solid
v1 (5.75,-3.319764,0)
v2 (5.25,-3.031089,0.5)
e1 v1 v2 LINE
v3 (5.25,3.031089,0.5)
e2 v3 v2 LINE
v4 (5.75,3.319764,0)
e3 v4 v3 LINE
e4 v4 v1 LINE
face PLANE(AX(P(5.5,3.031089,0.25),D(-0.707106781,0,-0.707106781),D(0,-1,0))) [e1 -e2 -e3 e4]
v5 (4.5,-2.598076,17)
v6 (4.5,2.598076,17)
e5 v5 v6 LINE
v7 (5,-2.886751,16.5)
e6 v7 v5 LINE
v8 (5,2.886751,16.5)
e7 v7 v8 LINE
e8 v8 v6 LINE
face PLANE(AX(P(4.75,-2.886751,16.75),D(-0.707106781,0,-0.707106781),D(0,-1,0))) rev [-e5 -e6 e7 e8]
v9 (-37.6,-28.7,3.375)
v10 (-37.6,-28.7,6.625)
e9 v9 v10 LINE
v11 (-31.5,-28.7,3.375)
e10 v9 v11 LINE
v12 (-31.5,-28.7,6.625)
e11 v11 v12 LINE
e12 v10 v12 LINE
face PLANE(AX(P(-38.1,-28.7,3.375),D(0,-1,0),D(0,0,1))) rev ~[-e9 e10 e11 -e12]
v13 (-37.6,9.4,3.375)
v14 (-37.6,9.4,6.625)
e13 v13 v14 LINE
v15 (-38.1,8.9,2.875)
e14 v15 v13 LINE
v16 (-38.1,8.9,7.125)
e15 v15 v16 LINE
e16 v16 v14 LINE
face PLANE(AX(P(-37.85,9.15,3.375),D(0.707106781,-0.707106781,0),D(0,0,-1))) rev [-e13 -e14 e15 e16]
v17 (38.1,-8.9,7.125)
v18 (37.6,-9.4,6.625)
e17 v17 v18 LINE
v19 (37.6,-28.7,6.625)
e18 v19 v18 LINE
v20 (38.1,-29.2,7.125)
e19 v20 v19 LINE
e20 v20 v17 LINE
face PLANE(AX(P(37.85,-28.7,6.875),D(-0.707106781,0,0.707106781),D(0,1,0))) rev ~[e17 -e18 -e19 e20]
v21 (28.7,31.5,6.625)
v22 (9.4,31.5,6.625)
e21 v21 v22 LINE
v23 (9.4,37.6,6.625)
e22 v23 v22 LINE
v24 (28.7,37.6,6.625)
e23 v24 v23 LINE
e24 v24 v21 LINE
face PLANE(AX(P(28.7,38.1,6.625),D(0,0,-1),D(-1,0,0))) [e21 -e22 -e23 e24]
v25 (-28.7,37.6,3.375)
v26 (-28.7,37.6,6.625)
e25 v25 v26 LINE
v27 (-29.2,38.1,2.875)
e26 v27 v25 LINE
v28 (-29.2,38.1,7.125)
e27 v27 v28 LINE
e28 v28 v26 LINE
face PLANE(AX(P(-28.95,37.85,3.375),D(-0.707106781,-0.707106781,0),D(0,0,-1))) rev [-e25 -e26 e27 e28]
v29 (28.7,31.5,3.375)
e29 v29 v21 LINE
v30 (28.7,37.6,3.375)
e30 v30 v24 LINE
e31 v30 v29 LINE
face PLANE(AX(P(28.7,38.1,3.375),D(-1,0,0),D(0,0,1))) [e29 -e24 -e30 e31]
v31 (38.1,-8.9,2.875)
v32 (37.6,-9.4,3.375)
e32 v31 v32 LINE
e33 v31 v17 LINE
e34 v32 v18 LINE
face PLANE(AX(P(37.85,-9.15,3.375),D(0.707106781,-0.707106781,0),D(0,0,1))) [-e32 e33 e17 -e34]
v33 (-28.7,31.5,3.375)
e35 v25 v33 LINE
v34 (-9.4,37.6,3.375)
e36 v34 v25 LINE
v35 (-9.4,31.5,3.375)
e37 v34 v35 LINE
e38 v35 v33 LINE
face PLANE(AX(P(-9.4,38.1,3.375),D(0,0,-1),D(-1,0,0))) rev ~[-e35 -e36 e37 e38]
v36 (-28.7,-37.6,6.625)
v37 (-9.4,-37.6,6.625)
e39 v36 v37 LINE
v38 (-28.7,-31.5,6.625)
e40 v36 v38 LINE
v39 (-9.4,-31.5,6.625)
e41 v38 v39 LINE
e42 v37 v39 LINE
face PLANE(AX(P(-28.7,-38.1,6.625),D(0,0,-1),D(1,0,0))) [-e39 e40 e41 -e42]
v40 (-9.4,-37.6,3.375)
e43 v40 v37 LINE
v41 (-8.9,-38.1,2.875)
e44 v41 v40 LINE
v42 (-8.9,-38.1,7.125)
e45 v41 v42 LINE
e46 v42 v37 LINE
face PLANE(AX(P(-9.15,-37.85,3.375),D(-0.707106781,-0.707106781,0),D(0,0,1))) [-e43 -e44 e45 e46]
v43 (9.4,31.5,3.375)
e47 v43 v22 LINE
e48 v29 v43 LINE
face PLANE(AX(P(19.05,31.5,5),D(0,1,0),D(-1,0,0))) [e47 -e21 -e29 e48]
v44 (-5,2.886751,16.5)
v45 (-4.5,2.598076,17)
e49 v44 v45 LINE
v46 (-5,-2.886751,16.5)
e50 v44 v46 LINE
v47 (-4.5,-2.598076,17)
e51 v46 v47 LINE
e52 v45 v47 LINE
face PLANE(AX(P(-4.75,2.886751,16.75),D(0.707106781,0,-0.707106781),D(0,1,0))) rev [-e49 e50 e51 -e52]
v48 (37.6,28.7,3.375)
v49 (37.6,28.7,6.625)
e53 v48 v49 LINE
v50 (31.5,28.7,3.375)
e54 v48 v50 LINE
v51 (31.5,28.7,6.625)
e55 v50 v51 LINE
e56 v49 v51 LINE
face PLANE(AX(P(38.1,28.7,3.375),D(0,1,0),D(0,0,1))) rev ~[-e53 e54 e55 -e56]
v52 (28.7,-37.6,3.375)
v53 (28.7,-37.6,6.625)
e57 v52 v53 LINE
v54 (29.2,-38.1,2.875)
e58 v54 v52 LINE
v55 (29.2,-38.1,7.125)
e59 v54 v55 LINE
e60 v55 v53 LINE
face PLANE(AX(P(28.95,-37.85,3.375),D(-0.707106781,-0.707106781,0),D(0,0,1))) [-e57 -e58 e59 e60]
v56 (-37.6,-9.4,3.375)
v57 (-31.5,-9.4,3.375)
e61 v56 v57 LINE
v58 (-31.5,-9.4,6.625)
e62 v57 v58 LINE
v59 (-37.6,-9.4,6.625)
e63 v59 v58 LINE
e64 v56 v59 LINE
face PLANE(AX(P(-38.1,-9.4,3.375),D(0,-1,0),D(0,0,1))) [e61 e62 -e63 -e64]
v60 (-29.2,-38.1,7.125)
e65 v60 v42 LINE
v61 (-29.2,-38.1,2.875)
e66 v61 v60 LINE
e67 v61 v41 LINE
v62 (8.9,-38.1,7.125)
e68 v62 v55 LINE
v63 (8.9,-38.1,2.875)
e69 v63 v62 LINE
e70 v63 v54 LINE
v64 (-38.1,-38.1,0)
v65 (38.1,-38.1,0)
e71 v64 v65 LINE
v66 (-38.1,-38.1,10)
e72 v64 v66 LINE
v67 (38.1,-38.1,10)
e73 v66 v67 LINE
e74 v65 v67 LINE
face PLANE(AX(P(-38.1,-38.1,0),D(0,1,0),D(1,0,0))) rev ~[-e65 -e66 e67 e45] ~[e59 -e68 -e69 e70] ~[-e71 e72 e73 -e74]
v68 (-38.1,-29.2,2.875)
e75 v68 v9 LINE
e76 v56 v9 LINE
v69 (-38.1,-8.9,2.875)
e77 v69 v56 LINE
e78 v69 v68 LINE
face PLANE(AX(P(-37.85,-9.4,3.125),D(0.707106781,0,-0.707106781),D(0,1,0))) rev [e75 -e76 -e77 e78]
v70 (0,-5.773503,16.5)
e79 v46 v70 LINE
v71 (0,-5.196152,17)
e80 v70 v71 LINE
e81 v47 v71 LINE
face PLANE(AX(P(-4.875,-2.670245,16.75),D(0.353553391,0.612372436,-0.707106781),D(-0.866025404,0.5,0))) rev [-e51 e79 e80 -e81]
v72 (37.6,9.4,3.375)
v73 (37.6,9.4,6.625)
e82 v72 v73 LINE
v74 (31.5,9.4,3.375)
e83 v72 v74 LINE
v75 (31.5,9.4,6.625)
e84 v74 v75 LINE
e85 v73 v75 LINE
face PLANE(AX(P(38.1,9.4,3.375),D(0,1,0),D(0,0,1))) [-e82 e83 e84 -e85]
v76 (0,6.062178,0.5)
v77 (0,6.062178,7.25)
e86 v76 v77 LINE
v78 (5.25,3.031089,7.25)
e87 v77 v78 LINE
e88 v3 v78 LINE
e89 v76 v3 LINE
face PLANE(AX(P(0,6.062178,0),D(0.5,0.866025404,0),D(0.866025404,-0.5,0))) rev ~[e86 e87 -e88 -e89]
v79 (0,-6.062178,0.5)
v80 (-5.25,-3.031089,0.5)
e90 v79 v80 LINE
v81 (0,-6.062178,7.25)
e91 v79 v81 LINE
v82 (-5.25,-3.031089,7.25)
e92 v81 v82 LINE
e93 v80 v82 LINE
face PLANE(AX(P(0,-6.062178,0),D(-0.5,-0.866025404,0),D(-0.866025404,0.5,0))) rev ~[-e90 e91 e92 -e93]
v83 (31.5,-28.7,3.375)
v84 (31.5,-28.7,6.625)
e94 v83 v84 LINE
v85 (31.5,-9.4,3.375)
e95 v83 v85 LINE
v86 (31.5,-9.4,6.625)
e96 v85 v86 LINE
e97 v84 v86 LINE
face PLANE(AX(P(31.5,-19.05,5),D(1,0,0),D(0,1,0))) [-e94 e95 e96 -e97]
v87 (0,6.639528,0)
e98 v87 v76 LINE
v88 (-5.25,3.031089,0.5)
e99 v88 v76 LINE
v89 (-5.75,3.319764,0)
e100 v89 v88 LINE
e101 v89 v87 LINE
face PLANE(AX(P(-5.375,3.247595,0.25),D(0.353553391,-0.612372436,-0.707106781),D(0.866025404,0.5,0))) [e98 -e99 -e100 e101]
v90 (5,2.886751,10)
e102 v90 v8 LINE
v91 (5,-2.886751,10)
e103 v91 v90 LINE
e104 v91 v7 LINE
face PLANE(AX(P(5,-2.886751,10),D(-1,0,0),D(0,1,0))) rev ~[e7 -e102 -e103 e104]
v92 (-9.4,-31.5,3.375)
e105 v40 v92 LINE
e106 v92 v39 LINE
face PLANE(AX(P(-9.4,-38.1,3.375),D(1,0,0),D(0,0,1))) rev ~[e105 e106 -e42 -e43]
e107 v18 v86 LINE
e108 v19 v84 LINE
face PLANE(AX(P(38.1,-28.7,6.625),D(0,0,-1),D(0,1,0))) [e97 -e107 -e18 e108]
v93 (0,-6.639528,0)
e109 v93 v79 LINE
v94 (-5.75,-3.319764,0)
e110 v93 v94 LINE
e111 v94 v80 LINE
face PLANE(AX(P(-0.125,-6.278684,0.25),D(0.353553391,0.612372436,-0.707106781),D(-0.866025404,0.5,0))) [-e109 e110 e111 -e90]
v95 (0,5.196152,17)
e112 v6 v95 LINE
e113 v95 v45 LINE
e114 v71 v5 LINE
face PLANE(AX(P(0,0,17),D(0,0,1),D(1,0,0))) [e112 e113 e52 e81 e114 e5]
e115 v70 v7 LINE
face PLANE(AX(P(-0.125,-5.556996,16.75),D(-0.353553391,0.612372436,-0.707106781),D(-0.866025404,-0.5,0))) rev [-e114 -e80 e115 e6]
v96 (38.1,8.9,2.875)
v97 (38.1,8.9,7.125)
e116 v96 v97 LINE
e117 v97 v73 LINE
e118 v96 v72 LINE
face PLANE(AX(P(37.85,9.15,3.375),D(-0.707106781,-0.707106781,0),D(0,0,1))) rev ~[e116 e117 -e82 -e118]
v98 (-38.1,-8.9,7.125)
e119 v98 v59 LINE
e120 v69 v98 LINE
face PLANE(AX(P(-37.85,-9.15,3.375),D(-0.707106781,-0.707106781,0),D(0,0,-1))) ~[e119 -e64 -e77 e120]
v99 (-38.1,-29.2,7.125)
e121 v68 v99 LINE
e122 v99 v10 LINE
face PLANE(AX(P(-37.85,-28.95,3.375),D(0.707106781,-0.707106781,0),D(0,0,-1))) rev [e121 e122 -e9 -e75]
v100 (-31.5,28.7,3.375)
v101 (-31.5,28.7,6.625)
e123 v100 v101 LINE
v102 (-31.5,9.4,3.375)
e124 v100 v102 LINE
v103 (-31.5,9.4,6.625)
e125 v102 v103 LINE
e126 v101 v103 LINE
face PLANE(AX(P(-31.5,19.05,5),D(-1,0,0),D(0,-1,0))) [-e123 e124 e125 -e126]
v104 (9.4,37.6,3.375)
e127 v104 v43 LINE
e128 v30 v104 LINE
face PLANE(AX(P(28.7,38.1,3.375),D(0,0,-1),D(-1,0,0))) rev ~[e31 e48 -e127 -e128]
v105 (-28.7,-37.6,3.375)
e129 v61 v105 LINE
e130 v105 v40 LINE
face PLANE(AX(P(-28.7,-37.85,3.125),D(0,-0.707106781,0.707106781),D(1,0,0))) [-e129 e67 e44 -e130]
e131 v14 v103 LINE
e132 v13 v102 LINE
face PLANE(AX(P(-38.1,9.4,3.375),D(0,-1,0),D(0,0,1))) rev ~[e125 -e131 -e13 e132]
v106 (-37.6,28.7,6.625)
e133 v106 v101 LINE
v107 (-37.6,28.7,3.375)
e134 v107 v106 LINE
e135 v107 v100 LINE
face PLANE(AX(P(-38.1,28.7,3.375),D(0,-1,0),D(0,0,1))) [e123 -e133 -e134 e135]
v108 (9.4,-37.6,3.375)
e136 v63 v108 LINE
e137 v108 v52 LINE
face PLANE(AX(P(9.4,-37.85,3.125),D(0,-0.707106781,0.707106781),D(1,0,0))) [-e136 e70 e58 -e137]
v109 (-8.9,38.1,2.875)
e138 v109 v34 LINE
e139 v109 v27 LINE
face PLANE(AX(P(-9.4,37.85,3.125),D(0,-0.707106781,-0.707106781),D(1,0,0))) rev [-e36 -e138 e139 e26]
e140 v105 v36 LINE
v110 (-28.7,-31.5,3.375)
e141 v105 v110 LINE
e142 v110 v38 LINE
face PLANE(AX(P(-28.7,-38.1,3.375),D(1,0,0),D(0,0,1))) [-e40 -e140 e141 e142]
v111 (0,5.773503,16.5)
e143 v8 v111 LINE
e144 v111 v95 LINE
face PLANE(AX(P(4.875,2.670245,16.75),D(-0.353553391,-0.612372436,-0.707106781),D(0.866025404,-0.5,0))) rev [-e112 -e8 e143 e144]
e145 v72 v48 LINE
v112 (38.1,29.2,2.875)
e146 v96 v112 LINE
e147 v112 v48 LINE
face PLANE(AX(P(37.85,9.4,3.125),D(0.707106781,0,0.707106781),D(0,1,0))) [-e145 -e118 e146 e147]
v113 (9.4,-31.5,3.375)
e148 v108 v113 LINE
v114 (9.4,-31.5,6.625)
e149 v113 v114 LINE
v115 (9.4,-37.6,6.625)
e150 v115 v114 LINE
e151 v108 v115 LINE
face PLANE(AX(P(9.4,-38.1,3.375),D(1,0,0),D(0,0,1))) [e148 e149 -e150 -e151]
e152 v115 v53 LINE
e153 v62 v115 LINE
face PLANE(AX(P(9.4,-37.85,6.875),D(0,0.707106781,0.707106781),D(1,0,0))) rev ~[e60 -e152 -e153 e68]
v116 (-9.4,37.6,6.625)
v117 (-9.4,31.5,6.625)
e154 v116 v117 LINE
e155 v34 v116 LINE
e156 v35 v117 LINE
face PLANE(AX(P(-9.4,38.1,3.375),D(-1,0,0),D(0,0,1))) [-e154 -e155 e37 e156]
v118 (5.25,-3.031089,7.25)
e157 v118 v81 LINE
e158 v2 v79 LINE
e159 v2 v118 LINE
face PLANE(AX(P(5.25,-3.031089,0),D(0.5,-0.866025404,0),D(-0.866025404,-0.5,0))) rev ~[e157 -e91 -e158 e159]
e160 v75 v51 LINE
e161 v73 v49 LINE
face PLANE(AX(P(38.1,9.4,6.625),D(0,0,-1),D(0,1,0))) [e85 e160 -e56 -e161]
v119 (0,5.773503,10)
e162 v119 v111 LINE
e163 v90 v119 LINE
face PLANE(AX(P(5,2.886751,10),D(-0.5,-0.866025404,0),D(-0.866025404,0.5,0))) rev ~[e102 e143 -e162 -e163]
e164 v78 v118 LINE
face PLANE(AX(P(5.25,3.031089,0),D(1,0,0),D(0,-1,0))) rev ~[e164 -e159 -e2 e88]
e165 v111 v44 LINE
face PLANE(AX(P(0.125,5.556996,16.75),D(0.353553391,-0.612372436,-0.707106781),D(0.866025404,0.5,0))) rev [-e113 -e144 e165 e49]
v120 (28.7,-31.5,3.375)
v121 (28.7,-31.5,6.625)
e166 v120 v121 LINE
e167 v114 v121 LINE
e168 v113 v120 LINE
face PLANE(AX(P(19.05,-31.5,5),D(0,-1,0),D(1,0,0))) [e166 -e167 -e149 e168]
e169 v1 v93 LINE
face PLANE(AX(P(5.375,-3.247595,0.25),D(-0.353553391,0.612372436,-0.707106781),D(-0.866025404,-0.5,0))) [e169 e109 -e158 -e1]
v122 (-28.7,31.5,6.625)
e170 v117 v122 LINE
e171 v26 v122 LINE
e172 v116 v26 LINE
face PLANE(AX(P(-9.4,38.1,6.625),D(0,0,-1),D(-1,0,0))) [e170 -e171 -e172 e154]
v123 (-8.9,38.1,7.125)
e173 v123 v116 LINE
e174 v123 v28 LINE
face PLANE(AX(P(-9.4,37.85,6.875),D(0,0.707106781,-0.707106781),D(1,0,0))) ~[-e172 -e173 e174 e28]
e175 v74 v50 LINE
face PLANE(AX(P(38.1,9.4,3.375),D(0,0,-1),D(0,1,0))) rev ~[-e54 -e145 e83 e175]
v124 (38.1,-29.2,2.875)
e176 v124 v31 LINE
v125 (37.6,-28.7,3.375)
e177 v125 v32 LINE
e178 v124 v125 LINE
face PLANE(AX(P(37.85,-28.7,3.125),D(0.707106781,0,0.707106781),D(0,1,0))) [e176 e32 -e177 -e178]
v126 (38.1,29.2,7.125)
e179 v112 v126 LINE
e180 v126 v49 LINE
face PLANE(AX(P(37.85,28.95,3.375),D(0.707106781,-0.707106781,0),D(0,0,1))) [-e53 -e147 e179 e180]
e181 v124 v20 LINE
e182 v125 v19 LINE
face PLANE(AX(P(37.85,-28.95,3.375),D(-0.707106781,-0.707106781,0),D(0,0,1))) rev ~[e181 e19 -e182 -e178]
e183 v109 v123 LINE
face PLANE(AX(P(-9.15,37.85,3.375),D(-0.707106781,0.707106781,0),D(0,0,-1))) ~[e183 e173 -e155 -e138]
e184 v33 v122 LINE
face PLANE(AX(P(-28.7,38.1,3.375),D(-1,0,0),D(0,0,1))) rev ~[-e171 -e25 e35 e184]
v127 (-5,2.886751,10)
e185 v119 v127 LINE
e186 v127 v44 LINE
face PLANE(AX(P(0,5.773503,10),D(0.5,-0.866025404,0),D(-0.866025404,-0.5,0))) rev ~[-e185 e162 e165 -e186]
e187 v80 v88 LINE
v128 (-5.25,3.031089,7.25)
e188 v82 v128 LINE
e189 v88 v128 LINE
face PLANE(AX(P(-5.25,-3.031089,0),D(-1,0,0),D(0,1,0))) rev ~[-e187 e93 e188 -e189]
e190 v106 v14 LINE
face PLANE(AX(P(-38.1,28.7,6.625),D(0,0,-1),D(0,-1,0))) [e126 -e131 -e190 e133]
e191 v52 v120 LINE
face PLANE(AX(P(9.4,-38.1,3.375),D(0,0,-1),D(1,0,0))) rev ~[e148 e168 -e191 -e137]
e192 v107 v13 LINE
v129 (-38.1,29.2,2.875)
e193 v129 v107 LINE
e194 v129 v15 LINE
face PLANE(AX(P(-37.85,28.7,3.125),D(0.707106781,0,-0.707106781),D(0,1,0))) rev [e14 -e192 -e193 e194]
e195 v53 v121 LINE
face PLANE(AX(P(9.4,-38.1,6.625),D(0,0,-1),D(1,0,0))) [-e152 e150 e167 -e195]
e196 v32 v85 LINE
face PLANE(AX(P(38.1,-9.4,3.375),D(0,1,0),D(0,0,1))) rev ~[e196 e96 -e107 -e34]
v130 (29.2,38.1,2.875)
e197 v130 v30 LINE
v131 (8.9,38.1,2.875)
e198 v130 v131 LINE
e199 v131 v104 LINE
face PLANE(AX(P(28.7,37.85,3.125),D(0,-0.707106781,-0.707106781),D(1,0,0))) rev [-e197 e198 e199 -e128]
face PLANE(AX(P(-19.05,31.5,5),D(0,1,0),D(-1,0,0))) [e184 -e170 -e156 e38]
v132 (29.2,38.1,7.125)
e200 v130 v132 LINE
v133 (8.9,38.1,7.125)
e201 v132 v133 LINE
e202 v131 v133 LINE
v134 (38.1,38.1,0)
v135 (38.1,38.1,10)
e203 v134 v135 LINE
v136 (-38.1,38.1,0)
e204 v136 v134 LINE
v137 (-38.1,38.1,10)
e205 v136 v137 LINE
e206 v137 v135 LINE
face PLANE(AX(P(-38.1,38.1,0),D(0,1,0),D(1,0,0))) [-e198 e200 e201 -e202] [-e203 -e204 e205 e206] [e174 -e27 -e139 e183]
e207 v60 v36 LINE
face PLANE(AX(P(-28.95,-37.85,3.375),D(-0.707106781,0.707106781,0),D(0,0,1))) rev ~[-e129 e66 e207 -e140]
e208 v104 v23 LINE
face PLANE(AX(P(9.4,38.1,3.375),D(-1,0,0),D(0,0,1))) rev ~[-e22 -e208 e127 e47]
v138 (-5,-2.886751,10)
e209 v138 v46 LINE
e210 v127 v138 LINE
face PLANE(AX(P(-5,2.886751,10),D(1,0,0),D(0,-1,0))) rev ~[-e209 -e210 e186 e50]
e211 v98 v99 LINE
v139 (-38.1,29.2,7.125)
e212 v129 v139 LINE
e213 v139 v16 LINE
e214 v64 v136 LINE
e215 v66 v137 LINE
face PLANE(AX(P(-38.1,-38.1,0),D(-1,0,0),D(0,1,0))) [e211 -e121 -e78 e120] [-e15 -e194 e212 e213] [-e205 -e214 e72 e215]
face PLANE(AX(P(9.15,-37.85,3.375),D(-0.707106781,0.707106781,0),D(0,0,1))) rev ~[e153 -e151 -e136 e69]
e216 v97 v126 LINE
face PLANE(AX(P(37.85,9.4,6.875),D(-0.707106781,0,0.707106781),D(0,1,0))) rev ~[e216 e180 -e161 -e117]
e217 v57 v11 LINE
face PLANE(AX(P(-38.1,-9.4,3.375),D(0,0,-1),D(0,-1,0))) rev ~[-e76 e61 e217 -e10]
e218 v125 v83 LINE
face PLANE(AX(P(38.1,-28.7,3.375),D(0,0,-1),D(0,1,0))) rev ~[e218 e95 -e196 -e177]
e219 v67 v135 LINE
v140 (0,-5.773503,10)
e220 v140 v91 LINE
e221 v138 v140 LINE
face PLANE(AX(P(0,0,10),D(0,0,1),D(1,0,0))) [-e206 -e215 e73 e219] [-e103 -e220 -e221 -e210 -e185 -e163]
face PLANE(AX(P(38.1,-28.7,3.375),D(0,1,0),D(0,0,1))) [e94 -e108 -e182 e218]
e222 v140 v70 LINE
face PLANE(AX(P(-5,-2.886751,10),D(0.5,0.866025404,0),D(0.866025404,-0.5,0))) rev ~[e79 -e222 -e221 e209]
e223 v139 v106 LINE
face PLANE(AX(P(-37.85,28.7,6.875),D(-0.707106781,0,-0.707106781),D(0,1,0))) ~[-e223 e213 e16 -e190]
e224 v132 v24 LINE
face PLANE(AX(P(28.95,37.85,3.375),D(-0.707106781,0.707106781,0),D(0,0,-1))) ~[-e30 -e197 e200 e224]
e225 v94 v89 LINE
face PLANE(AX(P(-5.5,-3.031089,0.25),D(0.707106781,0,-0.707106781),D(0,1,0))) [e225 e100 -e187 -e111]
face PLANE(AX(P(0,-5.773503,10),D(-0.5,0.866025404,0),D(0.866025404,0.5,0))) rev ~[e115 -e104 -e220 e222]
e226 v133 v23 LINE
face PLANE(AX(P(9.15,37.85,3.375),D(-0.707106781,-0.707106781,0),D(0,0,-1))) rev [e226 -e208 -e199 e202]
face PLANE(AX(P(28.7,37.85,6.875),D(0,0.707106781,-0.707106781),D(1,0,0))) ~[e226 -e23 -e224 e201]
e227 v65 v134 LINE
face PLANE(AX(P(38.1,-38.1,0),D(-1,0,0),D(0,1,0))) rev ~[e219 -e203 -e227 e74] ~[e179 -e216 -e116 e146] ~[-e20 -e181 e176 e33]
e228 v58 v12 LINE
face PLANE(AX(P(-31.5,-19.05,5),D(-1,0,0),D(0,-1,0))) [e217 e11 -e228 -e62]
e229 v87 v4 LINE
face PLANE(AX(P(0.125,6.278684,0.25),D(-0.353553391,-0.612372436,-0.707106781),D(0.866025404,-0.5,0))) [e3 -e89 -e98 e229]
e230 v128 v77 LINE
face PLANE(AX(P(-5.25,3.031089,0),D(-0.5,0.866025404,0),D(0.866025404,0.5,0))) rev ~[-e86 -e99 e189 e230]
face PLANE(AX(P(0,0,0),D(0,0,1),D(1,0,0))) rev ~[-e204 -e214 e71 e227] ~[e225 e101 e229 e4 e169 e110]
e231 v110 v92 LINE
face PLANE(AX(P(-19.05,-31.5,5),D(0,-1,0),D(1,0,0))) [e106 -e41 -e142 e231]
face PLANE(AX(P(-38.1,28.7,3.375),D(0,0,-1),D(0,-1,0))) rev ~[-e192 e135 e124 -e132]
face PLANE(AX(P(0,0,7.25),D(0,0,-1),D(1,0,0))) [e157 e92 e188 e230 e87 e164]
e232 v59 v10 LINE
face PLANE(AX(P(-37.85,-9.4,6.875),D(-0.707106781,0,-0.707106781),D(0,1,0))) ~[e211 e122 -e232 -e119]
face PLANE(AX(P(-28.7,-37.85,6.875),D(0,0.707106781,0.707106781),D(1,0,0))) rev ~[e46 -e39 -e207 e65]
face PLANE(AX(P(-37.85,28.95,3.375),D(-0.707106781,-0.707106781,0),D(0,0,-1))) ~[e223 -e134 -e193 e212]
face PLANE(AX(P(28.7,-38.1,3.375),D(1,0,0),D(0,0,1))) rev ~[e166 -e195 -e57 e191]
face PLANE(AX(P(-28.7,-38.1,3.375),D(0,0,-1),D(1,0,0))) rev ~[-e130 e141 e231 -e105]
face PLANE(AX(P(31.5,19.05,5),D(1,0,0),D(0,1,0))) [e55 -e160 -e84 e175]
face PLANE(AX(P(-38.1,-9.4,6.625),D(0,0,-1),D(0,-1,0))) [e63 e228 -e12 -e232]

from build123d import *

# Parameters (mm, degrees)
F0_W     = 76.2
F0_H     = 76.2
F1_DEPTH = 10
F3_DEPTH = 7
F5_DEPTH = 7.25
F6_W     = 19.3
F6_H     = 3.25
F8_DEPTH = 6.6
F9_COUNT = 4
F9_ANGLE = 270
F11_SIZE = 0.5


with BuildPart() as f1:
    # F0 (on Top) → F1 (new body)
    with BuildSketch(Plane.XY):
        Rectangle(F0_W, F0_H)
    extrude(amount=F1_DEPTH)

    # F2 (on face) → F3 (join)
    with BuildSketch(Plane.XY.offset(10)):
        Polygon((5, -2.8867513459), (5, 2.8867513459), (0, 5.7735026919), (-5, 2.8867513459), (-5, -2.8867513459), (0, -5.7735026919), align=None)
    extrude(amount=F3_DEPTH)

    # F4 (on face) → F5 (cut)
    with BuildSketch(Plane(origin=(0, 0, 0), x_dir=(1, 0, 0), z_dir=(0, 0, -1))):
        Polygon((5.25, -3.0310889132), (5.25, 3.0310889132), (0, 6.0621778265), (-5.25, 3.0310889132), (-5.25, -3.0310889132), (0, -6.0621778265), align=None)
    extrude(amount=-F5_DEPTH, mode=Mode.SUBTRACT)


with BuildPart() as f8:
    # F6 (on face) → F8 (new body)
    with BuildSketch(Plane.XZ.offset(38.1)):
        with Locations((-19.05, 5)):
            Rectangle(F6_W, F6_H)
    extrude(amount=-F8_DEPTH)


with BuildPart() as f8b:
    # F6 (on face) → F8, piece 2 (new body)
    with BuildSketch(Plane.XZ.offset(38.1)):
        with Locations((19.05, 5)):
            Rectangle(F6_W, F6_H)
    extrude(amount=-F8_DEPTH)


with BuildPart() as f9_1:
    # F9: instance of F8b
    add(f8b.part.rotate(Axis((0, 0, 20.068032667), (0, 0, -1)), 1 * F9_ANGLE / (F9_COUNT - 1)))


with BuildPart() as f9_2:
    # F9: instance of F8b
    add(f8b.part.rotate(Axis((0, 0, 20.068032667), (0, 0, -1)), 2 * F9_ANGLE / (F9_COUNT - 1)))


with BuildPart() as f9_3:
    # F9: instance of F8b
    add(f8b.part.rotate(Axis((0, 0, 20.068032667), (0, 0, -1)), 3 * F9_ANGLE / (F9_COUNT - 1)))


with BuildPart() as f9_4:
    # F9: instance of F8
    add(f8.part.rotate(Axis((0, 0, 20.068032667), (0, 0, -1)), 1 * F9_ANGLE / (F9_COUNT - 1)))


with BuildPart() as f9_5:
    # F9: instance of F8
    add(f8.part.rotate(Axis((0, 0, 20.068032667), (0, 0, -1)), 2 * F9_ANGLE / (F9_COUNT - 1)))


with BuildPart() as f9_6:
    # F9: instance of F8
    add(f8.part.rotate(Axis((0, 0, 20.068032667), (0, 0, -1)), 3 * F9_ANGLE / (F9_COUNT - 1)))


with BuildPart() as f1_1:
    add(f1.part)

    # F10: cut F9_3, F9_6, F9_2, F9_5, F9_1, F9_4, F8b, F8
    add(f9_3.part, mode=Mode.SUBTRACT)
    add(f9_6.part, mode=Mode.SUBTRACT)
    add(f9_2.part, mode=Mode.SUBTRACT)
    add(f9_5.part, mode=Mode.SUBTRACT)
    add(f9_1.part, mode=Mode.SUBTRACT)
    add(f9_4.part, mode=Mode.SUBTRACT)
    add(f8b.part, mode=Mode.SUBTRACT)
    add(f8.part, mode=Mode.SUBTRACT)

    # F11
    f11_edges = [f1_1.edges().sort_by_distance(p)[0] for p in [
        (5, 0, 17),
        (2.5, 4.330127, 17),
        (-2.5, 4.330127, 17),
        (-5, 0, 17),
        (-2.5, -4.330127, 17),
        (2.5, -4.330127, 17),
        (2.625, 4.546633, 0),
        (5.25, 0, 0),
        (2.625, -4.546633, 0),
        (-2.625, -4.546633, 0),
        (-5.25, 0, 0),
        (-2.625, 4.546633, 0),
        (38.1, -19.05, 6.625),
        (38.1, -9.4, 5),
        (38.1, -19.05, 3.375),
        (38.1, -28.7, 5),
        (38.1, 19.05, 3.375),
        (38.1, 9.4, 5),
        (38.1, 28.7, 5),
        (38.1, 19.05, 6.625),
        (19.05, 38.1, 6.625),
        (28.7, 38.1, 5),
        (9.4, 38.1, 5),
        (19.05, 38.1, 3.375),
        (28.7, -38.1, 5),
        (19.05, -38.1, 6.625),
        (9.4, -38.1, 5),
        (19.05, -38.1, 3.375),
        (-9.4, -38.1, 5),
        (-19.05, -38.1, 6.625),
        (-19.05, -38.1, 3.375),
        (-28.7, -38.1, 5),
        (-38.1, -28.7, 5),
        (-38.1, -19.05, 6.625),
        (-38.1, -9.4, 5),
        (-38.1, -19.05, 3.375),
        (-38.1, 9.4, 5),
        (-38.1, 19.05, 6.625),
        (-38.1, 28.7, 5),
        (-38.1, 19.05, 3.375),
        (-19.05, 38.1, 6.625),
        (-28.7, 38.1, 5),
        (-9.4, 38.1, 5),
        (-19.05, 38.1, 3.375),
    ]]
    chamfer(f11_edges, length=F11_SIZE)


solid = f1_1.part
